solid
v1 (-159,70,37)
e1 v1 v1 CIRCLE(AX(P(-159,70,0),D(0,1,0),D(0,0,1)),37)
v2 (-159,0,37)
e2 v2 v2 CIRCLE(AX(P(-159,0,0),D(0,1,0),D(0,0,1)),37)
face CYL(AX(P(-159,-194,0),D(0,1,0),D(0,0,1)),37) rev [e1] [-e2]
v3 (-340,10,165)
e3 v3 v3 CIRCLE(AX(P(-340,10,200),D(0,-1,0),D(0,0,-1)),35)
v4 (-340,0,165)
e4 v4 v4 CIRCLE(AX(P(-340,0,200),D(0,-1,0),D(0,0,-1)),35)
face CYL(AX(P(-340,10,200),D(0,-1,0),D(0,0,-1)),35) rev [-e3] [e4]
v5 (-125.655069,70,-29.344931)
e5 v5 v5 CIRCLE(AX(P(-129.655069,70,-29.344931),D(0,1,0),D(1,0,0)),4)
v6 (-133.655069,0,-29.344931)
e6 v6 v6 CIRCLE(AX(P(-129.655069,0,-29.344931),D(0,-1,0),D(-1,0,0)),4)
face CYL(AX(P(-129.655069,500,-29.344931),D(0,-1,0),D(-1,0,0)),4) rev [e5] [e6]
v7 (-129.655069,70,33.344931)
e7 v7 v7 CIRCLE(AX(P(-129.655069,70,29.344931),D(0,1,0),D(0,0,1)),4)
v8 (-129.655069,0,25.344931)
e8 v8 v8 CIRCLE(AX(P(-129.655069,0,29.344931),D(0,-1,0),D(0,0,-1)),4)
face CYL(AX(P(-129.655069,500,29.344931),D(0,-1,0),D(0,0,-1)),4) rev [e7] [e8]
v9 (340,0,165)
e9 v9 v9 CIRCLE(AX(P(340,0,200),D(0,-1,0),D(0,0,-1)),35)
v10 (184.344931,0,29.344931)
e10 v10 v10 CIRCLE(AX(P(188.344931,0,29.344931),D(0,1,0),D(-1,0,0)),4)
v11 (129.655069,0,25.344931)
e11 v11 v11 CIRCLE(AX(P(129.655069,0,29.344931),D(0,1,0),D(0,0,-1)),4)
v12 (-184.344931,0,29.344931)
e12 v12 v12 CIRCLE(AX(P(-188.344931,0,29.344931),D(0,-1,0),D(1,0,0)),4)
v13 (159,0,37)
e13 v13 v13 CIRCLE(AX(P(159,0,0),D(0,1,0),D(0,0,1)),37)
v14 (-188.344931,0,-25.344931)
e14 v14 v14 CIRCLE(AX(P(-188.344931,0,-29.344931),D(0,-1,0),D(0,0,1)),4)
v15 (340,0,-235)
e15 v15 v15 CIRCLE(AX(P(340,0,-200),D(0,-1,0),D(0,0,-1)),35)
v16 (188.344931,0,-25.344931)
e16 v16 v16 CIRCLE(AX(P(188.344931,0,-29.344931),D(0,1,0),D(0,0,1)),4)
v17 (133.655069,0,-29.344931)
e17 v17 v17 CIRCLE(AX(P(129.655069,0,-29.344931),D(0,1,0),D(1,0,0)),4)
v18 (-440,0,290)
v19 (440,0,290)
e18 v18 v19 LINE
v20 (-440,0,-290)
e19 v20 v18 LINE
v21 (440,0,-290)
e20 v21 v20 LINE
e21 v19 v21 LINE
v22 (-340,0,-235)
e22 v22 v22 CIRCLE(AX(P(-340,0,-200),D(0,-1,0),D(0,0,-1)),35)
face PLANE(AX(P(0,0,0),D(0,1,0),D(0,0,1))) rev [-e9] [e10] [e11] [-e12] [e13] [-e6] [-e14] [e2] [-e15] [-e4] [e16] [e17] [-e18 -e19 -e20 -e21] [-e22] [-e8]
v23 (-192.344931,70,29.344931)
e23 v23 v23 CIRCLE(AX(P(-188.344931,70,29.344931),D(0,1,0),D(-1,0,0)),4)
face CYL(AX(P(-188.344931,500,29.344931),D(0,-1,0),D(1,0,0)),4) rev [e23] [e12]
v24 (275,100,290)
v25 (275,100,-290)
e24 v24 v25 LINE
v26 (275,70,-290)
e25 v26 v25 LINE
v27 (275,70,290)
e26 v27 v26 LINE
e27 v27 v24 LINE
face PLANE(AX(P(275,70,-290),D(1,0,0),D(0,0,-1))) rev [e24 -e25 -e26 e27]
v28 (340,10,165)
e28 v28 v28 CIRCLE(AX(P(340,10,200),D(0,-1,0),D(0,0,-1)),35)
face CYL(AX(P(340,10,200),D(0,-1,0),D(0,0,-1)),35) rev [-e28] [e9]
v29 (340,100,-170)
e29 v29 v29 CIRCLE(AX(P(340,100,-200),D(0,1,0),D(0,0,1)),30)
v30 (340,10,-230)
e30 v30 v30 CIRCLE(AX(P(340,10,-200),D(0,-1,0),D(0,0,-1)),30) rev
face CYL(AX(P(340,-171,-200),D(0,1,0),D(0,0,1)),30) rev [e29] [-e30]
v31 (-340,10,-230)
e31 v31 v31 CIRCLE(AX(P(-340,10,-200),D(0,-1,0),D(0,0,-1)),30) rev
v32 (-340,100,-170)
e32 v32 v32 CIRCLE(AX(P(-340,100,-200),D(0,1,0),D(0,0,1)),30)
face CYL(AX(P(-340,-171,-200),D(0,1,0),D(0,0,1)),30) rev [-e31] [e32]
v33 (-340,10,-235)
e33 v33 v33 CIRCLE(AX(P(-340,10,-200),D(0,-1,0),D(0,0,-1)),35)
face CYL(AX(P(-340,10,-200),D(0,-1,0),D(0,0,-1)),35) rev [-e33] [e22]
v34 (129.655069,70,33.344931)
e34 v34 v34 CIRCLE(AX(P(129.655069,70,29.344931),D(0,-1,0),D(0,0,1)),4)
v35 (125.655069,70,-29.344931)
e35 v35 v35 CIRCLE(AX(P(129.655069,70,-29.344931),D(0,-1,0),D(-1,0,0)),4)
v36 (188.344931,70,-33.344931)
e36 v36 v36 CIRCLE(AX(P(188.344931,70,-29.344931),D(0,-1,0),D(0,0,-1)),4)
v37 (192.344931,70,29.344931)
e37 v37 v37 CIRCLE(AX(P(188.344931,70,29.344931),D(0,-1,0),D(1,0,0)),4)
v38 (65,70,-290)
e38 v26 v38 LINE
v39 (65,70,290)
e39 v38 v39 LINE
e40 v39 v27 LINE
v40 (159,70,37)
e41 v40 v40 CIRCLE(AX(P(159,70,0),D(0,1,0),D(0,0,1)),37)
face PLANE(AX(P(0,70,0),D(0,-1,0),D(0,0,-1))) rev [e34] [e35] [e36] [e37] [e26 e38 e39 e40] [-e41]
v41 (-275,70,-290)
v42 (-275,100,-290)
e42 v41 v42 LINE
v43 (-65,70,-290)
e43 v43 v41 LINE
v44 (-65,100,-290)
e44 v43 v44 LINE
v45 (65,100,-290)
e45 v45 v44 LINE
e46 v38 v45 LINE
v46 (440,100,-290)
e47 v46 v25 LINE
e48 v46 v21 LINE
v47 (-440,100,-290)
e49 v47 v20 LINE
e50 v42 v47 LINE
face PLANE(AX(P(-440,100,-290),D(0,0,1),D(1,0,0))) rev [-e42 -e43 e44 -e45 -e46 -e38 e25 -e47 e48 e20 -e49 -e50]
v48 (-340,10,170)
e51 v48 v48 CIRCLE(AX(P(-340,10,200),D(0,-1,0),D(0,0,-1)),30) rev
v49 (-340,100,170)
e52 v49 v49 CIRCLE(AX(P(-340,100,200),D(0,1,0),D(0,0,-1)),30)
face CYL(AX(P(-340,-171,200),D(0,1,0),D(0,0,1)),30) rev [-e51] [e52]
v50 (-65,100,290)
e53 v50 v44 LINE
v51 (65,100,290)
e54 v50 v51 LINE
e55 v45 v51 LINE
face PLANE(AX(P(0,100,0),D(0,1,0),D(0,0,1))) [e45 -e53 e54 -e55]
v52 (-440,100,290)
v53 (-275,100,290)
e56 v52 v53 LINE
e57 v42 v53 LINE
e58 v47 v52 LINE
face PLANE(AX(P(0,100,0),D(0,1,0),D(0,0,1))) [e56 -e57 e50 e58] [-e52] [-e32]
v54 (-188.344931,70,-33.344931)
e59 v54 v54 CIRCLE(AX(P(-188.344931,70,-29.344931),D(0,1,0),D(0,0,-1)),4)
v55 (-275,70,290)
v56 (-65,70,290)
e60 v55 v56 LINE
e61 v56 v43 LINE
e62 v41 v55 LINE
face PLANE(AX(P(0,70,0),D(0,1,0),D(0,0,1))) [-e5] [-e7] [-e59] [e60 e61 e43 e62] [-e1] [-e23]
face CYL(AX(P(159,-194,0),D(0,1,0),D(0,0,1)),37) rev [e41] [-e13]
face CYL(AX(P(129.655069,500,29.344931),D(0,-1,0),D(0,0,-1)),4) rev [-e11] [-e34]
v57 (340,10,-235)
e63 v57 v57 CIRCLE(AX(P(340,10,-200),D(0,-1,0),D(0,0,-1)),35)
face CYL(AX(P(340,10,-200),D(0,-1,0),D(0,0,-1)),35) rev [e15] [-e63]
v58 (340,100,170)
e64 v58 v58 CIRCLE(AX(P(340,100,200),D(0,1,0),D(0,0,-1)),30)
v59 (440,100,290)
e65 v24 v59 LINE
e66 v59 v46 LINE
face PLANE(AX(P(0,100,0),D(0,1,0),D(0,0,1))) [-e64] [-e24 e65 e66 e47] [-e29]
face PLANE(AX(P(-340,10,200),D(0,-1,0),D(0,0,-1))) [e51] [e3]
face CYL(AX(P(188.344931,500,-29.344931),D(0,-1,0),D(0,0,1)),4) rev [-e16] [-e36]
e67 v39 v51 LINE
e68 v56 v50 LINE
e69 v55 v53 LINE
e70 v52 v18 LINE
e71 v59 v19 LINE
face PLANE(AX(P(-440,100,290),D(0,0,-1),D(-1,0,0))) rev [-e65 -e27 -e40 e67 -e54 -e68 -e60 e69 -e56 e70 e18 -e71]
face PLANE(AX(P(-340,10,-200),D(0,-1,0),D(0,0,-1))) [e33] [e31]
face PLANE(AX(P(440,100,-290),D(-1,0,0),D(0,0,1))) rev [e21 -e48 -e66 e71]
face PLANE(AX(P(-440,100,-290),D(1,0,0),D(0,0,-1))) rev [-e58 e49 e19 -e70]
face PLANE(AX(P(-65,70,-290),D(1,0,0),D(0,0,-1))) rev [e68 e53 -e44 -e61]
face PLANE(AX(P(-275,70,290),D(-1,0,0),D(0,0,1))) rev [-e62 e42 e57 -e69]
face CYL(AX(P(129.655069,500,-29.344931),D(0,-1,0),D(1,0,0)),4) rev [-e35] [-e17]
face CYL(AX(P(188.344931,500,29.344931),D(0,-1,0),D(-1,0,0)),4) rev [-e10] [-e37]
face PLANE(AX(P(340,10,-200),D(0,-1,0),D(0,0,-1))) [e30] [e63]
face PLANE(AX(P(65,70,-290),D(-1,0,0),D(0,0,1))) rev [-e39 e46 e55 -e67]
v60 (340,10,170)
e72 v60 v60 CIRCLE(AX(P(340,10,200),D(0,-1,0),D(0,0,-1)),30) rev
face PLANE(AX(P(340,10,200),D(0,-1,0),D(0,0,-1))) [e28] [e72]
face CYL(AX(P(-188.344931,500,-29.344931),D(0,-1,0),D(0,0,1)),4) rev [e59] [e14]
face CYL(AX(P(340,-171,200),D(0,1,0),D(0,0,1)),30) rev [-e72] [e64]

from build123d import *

# Parameters (mm, degrees)
SKETCH1_W               = 880
SKETCH1_H               = 580
BOSS_EXTRUDE1_DEPTH     = 100
SKETCH2_W               = 160
SKETCH2_H               = 580
CUT_EXTRUDE1_DEPTH      = 30
SKETCH3_W               = 210
SKETCH3_H               = 580
CUT_EXTRUDE2_DEPTH      = 30
SKETCH4_R               = 37
CUT_EXTRUDE3_DEPTH      = 264
SKETCH6_R               = 30
CUT_EXTRUDE5_DEPTH      = 271
SKETCH7_R               = 35
CUT_EXTRUDE6_DEPTH      = 10
SKETCH9_R               = 4
CUT_EXTRUDE14_DEPTH     = 500
CIRPATTERN2_COUNT       = 4
MIRROR2_COPY_1_SKETCH_R = 4
MIRROR2_COPY_1_DEPTH    = 500
MIRROR2_COPY_2_SKETCH_R = 4
MIRROR2_COPY_2_DEPTH    = 500
MIRROR2_COPY_3_SKETCH_R = 4
MIRROR2_COPY_3_DEPTH    = 500
MIRROR2_COPY_4_SKETCH_R = 4
MIRROR2_COPY_4_DEPTH    = 500


with BuildPart() as part:
    # Sketch1 → Boss-Extrude1 (new body)
    with BuildSketch(Plane(origin=(0, 0, 0), x_dir=(1, 0, 0), z_dir=(0, 1, 0))):
        Rectangle(SKETCH1_W, SKETCH1_H)
    extrude(amount=BOSS_EXTRUDE1_DEPTH)

    # Sketch2 → Cut-Extrude1 (cut)
    with BuildSketch(Plane(origin=(0, 100, 0), x_dir=(1, 0, 0), z_dir=(0, 1, 0))):
        with Locations((-145, 0)):
            Rectangle(SKETCH2_W, SKETCH2_H)
        with Locations((145, 0)):
            Rectangle(SKETCH2_W, SKETCH2_H)
    extrude(amount=-CUT_EXTRUDE1_DEPTH, mode=Mode.SUBTRACT)

    # Sketch3 → Cut-Extrude2 (cut)
    with BuildSketch(Plane(origin=(0, 100, 0), x_dir=(1, 0, 0), z_dir=(0, 1, 0))):
        with Locations((170, 0)):
            Rectangle(SKETCH3_W, SKETCH3_H)
        with Locations((-170, 0)):
            Rectangle(SKETCH3_W, SKETCH3_H)
    extrude(amount=-CUT_EXTRUDE2_DEPTH, mode=Mode.SUBTRACT)

    # Sketch4 → Cut-Extrude3 (cut)
    with BuildSketch(Plane(origin=(0, 70, 0), x_dir=(1, 0, 0), z_dir=(0, 1, 0))):
        with Locations((-159, 0)):
            Circle(SKETCH4_R)
        with Locations((159, 0)):
            Circle(SKETCH4_R)
    extrude(amount=-CUT_EXTRUDE3_DEPTH, mode=Mode.SUBTRACT)

    # Sketch6 → Cut-Extrude5 (cut)
    with BuildSketch(Plane(origin=(0, 100, 0), x_dir=(1, 0, 0), z_dir=(0, 1, 0))):
        with Locations((-340, 200)):
            Circle(SKETCH6_R)
        with Locations((340, 200)):
            Circle(SKETCH6_R)
        with Locations((340, -200)):
            Circle(SKETCH6_R)
        with Locations((-340, -200)):
            Circle(SKETCH6_R)
    extrude(amount=-CUT_EXTRUDE5_DEPTH, mode=Mode.SUBTRACT)

    # Sketch7 → Cut-Extrude6 (cut)
    with BuildSketch(Plane.XZ):
        with Locations((-340, 200)):
            Circle(SKETCH7_R)
        with Locations((340, 200)):
            Circle(SKETCH7_R)
        with Locations((-340, -200)):
            Circle(SKETCH7_R)
        with Locations((340, -200)):
            Circle(SKETCH7_R)
    extrude(amount=-CUT_EXTRUDE6_DEPTH, mode=Mode.SUBTRACT)

    # Sketch9 → Cut-Extrude14 (cut)
    with BuildSketch(Plane.XZ):
        with Locations((-129.655068581, 29.344931419)):
            Circle(SKETCH9_R)
    cut_extrude14 = extrude(amount=-CUT_EXTRUDE14_DEPTH, mode=Mode.SUBTRACT)

    # CirPattern2: Cut-Extrude14 ×4 about axis
    cirpattern2_axis = Axis((-159, 0, 0), (0, 1, 0))
    for i in range(1, CIRPATTERN2_COUNT):
        add(cut_extrude14.rotate(cirpattern2_axis, i * 360 / CIRPATTERN2_COUNT), mode=Mode.SUBTRACT)

    # Mirror2 copy 1 sketch → Mirror2 copy 1 (cut)
    with BuildSketch(Plane(origin=(159, 0, -159), x_dir=(0, 0, -1), z_dir=(0, -1, 0))):
        with Locations((-129.655068581, -29.344931419)):
            Circle(MIRROR2_COPY_1_SKETCH_R)
    extrude(amount=-MIRROR2_COPY_1_DEPTH, mode=Mode.SUBTRACT)

    # Mirror2 copy 2 sketch → Mirror2 copy 2 (cut)
    with BuildSketch(Plane(origin=(318, 0, 0), x_dir=(1, 0, 0), z_dir=(0, -1, 0))):
        with Locations((-129.655068581, -29.344931419)):
            Circle(MIRROR2_COPY_2_SKETCH_R)
    extrude(amount=-MIRROR2_COPY_2_DEPTH, mode=Mode.SUBTRACT)

    # Mirror2 copy 3 sketch → Mirror2 copy 3 (cut)
    with BuildSketch(Plane(origin=(159, 0, 159), x_dir=(0, 0, 1), z_dir=(0, -1, 0))):
        with Locations((-129.655068581, -29.344931419)):
            Circle(MIRROR2_COPY_3_SKETCH_R)
    extrude(amount=-MIRROR2_COPY_3_DEPTH, mode=Mode.SUBTRACT)

    # Mirror2 copy 4 sketch → Mirror2 copy 4 (cut)
    with BuildSketch(Plane(origin=(0, 0, 0), x_dir=(-1, 0, 0), z_dir=(0, -1, 0))):
        with Locations((-129.655068581, -29.344931419)):
            Circle(MIRROR2_COPY_4_SKETCH_R)
    extrude(amount=-MIRROR2_COPY_4_DEPTH, mode=Mode.SUBTRACT)


solid = part.part
